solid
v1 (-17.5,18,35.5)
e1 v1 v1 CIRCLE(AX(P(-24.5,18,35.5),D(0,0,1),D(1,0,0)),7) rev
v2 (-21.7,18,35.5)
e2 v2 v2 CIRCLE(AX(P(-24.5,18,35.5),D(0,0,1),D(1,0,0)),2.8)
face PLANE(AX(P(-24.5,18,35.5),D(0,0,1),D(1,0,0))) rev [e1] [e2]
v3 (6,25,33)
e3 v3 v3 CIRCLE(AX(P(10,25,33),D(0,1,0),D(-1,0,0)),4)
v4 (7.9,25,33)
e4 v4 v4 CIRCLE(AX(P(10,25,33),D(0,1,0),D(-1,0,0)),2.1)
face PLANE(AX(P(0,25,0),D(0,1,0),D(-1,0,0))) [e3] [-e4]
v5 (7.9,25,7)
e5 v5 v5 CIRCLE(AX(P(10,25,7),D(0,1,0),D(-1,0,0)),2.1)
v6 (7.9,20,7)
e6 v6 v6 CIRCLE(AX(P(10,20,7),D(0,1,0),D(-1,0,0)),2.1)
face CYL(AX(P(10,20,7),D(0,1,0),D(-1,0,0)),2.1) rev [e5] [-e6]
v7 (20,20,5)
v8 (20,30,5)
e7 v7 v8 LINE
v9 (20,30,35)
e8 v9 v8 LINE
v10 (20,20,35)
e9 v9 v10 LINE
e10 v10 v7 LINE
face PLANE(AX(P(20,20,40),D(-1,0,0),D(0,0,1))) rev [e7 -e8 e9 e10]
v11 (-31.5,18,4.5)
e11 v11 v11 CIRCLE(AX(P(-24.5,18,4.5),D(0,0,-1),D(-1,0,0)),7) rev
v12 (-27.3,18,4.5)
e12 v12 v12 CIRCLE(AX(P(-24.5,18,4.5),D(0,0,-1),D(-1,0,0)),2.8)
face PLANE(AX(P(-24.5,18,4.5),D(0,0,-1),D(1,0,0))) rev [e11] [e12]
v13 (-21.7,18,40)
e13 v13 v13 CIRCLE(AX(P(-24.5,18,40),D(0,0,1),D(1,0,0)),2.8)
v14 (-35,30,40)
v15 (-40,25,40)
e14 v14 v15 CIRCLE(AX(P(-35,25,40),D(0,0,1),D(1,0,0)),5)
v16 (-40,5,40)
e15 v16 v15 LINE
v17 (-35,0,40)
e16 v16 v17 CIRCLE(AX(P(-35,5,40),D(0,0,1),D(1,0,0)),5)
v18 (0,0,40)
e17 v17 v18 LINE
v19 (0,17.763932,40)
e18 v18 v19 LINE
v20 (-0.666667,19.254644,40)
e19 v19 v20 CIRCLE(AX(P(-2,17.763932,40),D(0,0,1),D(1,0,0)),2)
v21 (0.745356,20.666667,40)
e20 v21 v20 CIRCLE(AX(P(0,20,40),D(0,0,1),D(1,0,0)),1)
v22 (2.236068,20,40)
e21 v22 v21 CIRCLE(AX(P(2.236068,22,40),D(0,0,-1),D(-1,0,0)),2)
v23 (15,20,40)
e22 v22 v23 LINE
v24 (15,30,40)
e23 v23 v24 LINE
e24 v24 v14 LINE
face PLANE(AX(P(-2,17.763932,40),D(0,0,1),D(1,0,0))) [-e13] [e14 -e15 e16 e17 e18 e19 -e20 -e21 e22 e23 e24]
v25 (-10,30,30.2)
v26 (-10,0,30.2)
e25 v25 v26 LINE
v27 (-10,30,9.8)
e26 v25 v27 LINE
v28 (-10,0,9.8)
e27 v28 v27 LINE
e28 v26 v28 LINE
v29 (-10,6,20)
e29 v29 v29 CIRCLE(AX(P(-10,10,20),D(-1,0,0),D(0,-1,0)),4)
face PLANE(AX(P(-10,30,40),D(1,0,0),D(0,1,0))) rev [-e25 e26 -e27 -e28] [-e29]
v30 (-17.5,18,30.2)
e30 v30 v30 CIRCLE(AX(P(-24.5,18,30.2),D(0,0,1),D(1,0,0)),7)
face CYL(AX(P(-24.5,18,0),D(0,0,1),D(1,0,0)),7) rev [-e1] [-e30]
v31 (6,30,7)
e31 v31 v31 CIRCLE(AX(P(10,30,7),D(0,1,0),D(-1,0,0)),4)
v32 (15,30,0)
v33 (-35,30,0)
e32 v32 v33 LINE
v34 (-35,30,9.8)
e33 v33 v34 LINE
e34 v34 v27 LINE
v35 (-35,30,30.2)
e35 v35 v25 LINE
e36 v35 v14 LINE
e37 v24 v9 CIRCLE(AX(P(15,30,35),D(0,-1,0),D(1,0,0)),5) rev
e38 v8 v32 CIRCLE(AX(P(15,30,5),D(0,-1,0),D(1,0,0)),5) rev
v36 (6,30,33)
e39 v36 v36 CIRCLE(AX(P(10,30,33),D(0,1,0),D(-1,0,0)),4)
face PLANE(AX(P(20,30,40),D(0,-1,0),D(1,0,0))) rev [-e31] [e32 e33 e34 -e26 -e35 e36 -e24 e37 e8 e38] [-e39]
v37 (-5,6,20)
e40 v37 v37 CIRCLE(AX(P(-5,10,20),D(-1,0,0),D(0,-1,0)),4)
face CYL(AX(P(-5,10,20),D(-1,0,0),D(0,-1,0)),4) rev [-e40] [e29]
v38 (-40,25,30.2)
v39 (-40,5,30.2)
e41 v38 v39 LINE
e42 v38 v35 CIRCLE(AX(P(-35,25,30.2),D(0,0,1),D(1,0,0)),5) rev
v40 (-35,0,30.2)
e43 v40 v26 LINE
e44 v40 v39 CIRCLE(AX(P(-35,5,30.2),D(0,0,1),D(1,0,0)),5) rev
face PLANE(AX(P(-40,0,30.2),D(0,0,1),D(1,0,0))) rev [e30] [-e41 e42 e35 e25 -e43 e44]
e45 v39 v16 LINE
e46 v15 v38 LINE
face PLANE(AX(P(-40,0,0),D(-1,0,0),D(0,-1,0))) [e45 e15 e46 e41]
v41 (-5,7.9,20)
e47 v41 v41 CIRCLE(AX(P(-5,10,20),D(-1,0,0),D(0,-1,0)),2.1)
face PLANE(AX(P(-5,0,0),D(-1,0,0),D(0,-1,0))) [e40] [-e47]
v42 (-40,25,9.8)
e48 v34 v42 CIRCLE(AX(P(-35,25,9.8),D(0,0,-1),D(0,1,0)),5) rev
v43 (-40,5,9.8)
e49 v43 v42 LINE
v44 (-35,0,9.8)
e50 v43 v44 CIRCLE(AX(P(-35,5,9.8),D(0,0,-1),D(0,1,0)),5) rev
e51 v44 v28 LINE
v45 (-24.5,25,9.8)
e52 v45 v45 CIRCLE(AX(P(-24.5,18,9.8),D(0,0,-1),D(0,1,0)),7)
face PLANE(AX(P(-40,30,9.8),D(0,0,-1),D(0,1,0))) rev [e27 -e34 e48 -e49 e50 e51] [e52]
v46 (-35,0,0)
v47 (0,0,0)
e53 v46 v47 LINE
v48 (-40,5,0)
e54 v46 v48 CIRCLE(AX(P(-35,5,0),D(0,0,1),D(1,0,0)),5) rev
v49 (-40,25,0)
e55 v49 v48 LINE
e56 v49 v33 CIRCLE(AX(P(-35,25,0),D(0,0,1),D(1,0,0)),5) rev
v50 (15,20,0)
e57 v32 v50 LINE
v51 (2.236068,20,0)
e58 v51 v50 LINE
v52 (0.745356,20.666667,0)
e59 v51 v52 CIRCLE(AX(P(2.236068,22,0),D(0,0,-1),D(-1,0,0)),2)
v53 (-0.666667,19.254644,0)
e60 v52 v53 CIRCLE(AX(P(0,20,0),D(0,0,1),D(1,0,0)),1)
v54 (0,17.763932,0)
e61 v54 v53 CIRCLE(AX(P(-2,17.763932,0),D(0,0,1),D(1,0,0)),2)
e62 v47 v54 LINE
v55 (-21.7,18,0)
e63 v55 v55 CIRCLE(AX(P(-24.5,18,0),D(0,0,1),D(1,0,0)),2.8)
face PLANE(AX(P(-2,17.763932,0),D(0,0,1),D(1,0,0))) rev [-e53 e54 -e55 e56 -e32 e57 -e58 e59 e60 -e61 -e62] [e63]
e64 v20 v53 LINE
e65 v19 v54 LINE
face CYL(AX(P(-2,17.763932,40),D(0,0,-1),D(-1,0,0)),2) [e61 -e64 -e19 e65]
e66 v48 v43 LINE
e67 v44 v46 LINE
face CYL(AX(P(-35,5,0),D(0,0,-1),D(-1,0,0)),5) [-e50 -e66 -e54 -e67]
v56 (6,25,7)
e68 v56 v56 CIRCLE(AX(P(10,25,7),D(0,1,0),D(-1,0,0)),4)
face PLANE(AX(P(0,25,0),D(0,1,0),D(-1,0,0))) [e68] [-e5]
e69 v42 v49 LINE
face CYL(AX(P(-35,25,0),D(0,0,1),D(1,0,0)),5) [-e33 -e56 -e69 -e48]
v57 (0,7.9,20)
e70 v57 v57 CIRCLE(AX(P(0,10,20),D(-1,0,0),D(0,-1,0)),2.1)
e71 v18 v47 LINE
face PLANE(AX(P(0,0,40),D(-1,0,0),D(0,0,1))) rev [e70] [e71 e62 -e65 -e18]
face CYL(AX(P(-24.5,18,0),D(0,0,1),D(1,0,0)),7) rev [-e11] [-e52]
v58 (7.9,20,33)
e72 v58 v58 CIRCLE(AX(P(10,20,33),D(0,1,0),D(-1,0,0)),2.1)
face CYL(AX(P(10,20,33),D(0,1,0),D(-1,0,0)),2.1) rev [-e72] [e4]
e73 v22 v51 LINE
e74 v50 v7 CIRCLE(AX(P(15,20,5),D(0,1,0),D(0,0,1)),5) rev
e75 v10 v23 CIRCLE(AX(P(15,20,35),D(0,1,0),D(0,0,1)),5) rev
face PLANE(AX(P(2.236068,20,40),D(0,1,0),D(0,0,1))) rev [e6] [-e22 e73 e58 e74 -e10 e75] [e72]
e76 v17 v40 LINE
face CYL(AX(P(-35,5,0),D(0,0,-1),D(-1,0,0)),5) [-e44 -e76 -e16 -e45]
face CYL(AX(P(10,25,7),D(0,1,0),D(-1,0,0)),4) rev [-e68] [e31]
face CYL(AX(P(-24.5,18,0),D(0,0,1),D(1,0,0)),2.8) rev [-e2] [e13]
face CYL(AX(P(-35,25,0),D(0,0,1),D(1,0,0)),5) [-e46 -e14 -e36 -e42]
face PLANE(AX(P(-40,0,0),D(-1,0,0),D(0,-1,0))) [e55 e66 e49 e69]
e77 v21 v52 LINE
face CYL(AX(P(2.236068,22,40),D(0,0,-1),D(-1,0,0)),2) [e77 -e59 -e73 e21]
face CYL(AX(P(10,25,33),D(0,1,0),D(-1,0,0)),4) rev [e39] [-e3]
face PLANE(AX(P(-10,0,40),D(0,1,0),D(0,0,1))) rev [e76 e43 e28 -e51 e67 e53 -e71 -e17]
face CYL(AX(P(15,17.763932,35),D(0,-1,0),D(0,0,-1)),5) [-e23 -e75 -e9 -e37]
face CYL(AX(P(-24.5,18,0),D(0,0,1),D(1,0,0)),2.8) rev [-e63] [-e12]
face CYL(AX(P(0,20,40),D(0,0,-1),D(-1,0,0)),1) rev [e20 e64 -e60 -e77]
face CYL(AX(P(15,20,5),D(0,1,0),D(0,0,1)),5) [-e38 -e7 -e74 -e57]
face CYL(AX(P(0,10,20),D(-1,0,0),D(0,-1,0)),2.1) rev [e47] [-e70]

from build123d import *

# Parameters (mm, degrees)
DODANIE_WYCI_GNI_CIE1_DEPTH = 40
SZKIC4_W                    = 9.8
SZKIC4_H                    = 30
DODANIE_WYCI_GNI_CIE3_DEPTH = 30
SZKIC6_R                    = 7
WYTNIJ_WYCI_GNI_CIE1_DEPTH  = 65.031242374
SZKIC7_R                    = 4
WYTNIJ_WYCI_GNI_CIE2_DEPTH  = 5
SZKIC8_R                    = 2.1
WYTNIJ_WYCI_GNI_CIE3_DEPTH  = 5
SZKIC9_R                    = 4
WYTNIJ_WYCI_GNI_CIE4_DEPTH  = 5
SZKIC10_R                   = 2.1
WYTNIJ_WYCI_GNI_CIE5_DEPTH  = 5
ZAOKR_GLENIE1_R             = 5
ZAOKR_GLENIE2_R             = 5
SZKIC11_R                   = 7
DODANIE_WYCI_GNI_CIE5_DEPTH = 4.5
SZKIC12_R                   = 2.8
WYTNIJ_WYCI_GNI_CIE6_DEPTH  = 65.031242374


with BuildPart() as part:
    # Szkic1 → Dodanie-wyciągnięcie1 (new body)
    with BuildSketch(Plane.XY):
        with BuildLine():
            Line((0, 0), (0, 17.763932023))
            ThreePointArc((0, 17.763932023), (-0.174258142, 18.580428603), (-0.666666667, 19.254644008))
            ThreePointArc((-0.666666667, 19.254644008), (-0.707106781, 20.707106781), (0.745355992, 20.666666667))
            ThreePointArc((0.745355992, 20.666666667), (1.419571397, 20.174258142), (2.236067977, 20))
            Line((2.236067977, 20), (20, 20))
            Line((20, 20), (20, 30))
            Line((20, 30), (-10, 30))
            Line((-10, 30), (-10, 0))
            Line((-10, 0), (0, 0))
        make_face()
    extrude(amount=DODANIE_WYCI_GNI_CIE1_DEPTH)

    # Szkic4 → Dodanie-wyciągnięcie3 (add)
    with BuildSketch(Plane.ZY.offset(10)):
        with Locations((35.1, 15)):
            Rectangle(SZKIC4_W, SZKIC4_H)
        with Locations((4.9, 15)):
            Rectangle(SZKIC4_W, SZKIC4_H)
    extrude(amount=DODANIE_WYCI_GNI_CIE3_DEPTH)

    # Szkic6 → Wytnij-wyciągnięcie1 (cut, through all)
    with BuildSketch(Plane.XY.offset(40)):
        with Locations((-24.5, 18)):
            Circle(SZKIC6_R)
    extrude(amount=-WYTNIJ_WYCI_GNI_CIE1_DEPTH, mode=Mode.SUBTRACT)

    # Szkic7 → Wytnij-wyciągnięcie2 (cut)
    with BuildSketch(Plane.ZY.offset(10)):
        with Locations(Location((20, 10, 0), (0, 0, 270))):
            Circle(SZKIC7_R)
    extrude(amount=-WYTNIJ_WYCI_GNI_CIE2_DEPTH, mode=Mode.SUBTRACT)

    # Szkic8 → Wytnij-wyciągnięcie3 (cut)
    with BuildSketch(Plane.ZY.offset(5)):
        with Locations(Location((20, 10, 0), (0, 0, 270))):
            Circle(SZKIC8_R)
    extrude(amount=-WYTNIJ_WYCI_GNI_CIE3_DEPTH, mode=Mode.SUBTRACT)

    # Szkic9 → Wytnij-wyciągnięcie4 (cut)
    with BuildSketch(Plane(origin=(0, 30, 0), x_dir=(1, 0, 0), z_dir=(0, 1, 0))):
        with Locations(Location((10, -33, 0), (0, 0, 180))):
            Circle(SZKIC9_R)
        with Locations(Location((10, -7, 0), (0, 0, 180))):
            Circle(SZKIC9_R)
    extrude(amount=-WYTNIJ_WYCI_GNI_CIE4_DEPTH, mode=Mode.SUBTRACT)

    # Szkic10 → Wytnij-wyciągnięcie5 (cut)
    with BuildSketch(Plane(origin=(0, 25, 0), x_dir=(1, 0, 0), z_dir=(0, 1, 0))):
        with Locations(Location((10, -33, 0), (0, 0, 180))):
            Circle(SZKIC10_R)
        with Locations(Location((10, -7, 0), (0, 0, 180))):
            Circle(SZKIC10_R)
    extrude(amount=-WYTNIJ_WYCI_GNI_CIE5_DEPTH, mode=Mode.SUBTRACT)

    # Zaokrąglenie1
    zaokr_glenie1_edges = [part.edges().sort_by_distance(p)[0] for p in [
        (20, 25, 0),
        (20, 25, 40),
    ]]
    fillet(zaokr_glenie1_edges, radius=ZAOKR_GLENIE1_R)

    # Zaokrąglenie2
    zaokr_glenie2_edges = [part.edges().sort_by_distance(p)[0] for p in [
        (-40, 30, 35.1),
        (-40, 0, 35.1),
        (-40, 0, 4.9),
        (-40, 30, 4.9),
    ]]
    fillet(zaokr_glenie2_edges, radius=ZAOKR_GLENIE2_R)

    # Szkic11 → Dodanie-wyciągnięcie5 (add)
    with BuildSketch(Plane.XY.offset(40)):
        with Locations((-24.5, 18)):
            Circle(SZKIC11_R)
    dodanie_wyci_gni_cie5 = extrude(amount=-DODANIE_WYCI_GNI_CIE5_DEPTH)

    # Lustro1: Dodanie-wyciągnięcie5 across plane
    add(dodanie_wyci_gni_cie5.mirror(Plane.XY.offset(20)))

    # Szkic12 → Wytnij-wyciągnięcie6 (cut, through all)
    with BuildSketch(Plane.XY.offset(40)):
        with Locations((-24.5, 18)):
            Circle(SZKIC12_R)
    extrude(amount=-WYTNIJ_WYCI_GNI_CIE6_DEPTH, mode=Mode.SUBTRACT)


solid = part.part
